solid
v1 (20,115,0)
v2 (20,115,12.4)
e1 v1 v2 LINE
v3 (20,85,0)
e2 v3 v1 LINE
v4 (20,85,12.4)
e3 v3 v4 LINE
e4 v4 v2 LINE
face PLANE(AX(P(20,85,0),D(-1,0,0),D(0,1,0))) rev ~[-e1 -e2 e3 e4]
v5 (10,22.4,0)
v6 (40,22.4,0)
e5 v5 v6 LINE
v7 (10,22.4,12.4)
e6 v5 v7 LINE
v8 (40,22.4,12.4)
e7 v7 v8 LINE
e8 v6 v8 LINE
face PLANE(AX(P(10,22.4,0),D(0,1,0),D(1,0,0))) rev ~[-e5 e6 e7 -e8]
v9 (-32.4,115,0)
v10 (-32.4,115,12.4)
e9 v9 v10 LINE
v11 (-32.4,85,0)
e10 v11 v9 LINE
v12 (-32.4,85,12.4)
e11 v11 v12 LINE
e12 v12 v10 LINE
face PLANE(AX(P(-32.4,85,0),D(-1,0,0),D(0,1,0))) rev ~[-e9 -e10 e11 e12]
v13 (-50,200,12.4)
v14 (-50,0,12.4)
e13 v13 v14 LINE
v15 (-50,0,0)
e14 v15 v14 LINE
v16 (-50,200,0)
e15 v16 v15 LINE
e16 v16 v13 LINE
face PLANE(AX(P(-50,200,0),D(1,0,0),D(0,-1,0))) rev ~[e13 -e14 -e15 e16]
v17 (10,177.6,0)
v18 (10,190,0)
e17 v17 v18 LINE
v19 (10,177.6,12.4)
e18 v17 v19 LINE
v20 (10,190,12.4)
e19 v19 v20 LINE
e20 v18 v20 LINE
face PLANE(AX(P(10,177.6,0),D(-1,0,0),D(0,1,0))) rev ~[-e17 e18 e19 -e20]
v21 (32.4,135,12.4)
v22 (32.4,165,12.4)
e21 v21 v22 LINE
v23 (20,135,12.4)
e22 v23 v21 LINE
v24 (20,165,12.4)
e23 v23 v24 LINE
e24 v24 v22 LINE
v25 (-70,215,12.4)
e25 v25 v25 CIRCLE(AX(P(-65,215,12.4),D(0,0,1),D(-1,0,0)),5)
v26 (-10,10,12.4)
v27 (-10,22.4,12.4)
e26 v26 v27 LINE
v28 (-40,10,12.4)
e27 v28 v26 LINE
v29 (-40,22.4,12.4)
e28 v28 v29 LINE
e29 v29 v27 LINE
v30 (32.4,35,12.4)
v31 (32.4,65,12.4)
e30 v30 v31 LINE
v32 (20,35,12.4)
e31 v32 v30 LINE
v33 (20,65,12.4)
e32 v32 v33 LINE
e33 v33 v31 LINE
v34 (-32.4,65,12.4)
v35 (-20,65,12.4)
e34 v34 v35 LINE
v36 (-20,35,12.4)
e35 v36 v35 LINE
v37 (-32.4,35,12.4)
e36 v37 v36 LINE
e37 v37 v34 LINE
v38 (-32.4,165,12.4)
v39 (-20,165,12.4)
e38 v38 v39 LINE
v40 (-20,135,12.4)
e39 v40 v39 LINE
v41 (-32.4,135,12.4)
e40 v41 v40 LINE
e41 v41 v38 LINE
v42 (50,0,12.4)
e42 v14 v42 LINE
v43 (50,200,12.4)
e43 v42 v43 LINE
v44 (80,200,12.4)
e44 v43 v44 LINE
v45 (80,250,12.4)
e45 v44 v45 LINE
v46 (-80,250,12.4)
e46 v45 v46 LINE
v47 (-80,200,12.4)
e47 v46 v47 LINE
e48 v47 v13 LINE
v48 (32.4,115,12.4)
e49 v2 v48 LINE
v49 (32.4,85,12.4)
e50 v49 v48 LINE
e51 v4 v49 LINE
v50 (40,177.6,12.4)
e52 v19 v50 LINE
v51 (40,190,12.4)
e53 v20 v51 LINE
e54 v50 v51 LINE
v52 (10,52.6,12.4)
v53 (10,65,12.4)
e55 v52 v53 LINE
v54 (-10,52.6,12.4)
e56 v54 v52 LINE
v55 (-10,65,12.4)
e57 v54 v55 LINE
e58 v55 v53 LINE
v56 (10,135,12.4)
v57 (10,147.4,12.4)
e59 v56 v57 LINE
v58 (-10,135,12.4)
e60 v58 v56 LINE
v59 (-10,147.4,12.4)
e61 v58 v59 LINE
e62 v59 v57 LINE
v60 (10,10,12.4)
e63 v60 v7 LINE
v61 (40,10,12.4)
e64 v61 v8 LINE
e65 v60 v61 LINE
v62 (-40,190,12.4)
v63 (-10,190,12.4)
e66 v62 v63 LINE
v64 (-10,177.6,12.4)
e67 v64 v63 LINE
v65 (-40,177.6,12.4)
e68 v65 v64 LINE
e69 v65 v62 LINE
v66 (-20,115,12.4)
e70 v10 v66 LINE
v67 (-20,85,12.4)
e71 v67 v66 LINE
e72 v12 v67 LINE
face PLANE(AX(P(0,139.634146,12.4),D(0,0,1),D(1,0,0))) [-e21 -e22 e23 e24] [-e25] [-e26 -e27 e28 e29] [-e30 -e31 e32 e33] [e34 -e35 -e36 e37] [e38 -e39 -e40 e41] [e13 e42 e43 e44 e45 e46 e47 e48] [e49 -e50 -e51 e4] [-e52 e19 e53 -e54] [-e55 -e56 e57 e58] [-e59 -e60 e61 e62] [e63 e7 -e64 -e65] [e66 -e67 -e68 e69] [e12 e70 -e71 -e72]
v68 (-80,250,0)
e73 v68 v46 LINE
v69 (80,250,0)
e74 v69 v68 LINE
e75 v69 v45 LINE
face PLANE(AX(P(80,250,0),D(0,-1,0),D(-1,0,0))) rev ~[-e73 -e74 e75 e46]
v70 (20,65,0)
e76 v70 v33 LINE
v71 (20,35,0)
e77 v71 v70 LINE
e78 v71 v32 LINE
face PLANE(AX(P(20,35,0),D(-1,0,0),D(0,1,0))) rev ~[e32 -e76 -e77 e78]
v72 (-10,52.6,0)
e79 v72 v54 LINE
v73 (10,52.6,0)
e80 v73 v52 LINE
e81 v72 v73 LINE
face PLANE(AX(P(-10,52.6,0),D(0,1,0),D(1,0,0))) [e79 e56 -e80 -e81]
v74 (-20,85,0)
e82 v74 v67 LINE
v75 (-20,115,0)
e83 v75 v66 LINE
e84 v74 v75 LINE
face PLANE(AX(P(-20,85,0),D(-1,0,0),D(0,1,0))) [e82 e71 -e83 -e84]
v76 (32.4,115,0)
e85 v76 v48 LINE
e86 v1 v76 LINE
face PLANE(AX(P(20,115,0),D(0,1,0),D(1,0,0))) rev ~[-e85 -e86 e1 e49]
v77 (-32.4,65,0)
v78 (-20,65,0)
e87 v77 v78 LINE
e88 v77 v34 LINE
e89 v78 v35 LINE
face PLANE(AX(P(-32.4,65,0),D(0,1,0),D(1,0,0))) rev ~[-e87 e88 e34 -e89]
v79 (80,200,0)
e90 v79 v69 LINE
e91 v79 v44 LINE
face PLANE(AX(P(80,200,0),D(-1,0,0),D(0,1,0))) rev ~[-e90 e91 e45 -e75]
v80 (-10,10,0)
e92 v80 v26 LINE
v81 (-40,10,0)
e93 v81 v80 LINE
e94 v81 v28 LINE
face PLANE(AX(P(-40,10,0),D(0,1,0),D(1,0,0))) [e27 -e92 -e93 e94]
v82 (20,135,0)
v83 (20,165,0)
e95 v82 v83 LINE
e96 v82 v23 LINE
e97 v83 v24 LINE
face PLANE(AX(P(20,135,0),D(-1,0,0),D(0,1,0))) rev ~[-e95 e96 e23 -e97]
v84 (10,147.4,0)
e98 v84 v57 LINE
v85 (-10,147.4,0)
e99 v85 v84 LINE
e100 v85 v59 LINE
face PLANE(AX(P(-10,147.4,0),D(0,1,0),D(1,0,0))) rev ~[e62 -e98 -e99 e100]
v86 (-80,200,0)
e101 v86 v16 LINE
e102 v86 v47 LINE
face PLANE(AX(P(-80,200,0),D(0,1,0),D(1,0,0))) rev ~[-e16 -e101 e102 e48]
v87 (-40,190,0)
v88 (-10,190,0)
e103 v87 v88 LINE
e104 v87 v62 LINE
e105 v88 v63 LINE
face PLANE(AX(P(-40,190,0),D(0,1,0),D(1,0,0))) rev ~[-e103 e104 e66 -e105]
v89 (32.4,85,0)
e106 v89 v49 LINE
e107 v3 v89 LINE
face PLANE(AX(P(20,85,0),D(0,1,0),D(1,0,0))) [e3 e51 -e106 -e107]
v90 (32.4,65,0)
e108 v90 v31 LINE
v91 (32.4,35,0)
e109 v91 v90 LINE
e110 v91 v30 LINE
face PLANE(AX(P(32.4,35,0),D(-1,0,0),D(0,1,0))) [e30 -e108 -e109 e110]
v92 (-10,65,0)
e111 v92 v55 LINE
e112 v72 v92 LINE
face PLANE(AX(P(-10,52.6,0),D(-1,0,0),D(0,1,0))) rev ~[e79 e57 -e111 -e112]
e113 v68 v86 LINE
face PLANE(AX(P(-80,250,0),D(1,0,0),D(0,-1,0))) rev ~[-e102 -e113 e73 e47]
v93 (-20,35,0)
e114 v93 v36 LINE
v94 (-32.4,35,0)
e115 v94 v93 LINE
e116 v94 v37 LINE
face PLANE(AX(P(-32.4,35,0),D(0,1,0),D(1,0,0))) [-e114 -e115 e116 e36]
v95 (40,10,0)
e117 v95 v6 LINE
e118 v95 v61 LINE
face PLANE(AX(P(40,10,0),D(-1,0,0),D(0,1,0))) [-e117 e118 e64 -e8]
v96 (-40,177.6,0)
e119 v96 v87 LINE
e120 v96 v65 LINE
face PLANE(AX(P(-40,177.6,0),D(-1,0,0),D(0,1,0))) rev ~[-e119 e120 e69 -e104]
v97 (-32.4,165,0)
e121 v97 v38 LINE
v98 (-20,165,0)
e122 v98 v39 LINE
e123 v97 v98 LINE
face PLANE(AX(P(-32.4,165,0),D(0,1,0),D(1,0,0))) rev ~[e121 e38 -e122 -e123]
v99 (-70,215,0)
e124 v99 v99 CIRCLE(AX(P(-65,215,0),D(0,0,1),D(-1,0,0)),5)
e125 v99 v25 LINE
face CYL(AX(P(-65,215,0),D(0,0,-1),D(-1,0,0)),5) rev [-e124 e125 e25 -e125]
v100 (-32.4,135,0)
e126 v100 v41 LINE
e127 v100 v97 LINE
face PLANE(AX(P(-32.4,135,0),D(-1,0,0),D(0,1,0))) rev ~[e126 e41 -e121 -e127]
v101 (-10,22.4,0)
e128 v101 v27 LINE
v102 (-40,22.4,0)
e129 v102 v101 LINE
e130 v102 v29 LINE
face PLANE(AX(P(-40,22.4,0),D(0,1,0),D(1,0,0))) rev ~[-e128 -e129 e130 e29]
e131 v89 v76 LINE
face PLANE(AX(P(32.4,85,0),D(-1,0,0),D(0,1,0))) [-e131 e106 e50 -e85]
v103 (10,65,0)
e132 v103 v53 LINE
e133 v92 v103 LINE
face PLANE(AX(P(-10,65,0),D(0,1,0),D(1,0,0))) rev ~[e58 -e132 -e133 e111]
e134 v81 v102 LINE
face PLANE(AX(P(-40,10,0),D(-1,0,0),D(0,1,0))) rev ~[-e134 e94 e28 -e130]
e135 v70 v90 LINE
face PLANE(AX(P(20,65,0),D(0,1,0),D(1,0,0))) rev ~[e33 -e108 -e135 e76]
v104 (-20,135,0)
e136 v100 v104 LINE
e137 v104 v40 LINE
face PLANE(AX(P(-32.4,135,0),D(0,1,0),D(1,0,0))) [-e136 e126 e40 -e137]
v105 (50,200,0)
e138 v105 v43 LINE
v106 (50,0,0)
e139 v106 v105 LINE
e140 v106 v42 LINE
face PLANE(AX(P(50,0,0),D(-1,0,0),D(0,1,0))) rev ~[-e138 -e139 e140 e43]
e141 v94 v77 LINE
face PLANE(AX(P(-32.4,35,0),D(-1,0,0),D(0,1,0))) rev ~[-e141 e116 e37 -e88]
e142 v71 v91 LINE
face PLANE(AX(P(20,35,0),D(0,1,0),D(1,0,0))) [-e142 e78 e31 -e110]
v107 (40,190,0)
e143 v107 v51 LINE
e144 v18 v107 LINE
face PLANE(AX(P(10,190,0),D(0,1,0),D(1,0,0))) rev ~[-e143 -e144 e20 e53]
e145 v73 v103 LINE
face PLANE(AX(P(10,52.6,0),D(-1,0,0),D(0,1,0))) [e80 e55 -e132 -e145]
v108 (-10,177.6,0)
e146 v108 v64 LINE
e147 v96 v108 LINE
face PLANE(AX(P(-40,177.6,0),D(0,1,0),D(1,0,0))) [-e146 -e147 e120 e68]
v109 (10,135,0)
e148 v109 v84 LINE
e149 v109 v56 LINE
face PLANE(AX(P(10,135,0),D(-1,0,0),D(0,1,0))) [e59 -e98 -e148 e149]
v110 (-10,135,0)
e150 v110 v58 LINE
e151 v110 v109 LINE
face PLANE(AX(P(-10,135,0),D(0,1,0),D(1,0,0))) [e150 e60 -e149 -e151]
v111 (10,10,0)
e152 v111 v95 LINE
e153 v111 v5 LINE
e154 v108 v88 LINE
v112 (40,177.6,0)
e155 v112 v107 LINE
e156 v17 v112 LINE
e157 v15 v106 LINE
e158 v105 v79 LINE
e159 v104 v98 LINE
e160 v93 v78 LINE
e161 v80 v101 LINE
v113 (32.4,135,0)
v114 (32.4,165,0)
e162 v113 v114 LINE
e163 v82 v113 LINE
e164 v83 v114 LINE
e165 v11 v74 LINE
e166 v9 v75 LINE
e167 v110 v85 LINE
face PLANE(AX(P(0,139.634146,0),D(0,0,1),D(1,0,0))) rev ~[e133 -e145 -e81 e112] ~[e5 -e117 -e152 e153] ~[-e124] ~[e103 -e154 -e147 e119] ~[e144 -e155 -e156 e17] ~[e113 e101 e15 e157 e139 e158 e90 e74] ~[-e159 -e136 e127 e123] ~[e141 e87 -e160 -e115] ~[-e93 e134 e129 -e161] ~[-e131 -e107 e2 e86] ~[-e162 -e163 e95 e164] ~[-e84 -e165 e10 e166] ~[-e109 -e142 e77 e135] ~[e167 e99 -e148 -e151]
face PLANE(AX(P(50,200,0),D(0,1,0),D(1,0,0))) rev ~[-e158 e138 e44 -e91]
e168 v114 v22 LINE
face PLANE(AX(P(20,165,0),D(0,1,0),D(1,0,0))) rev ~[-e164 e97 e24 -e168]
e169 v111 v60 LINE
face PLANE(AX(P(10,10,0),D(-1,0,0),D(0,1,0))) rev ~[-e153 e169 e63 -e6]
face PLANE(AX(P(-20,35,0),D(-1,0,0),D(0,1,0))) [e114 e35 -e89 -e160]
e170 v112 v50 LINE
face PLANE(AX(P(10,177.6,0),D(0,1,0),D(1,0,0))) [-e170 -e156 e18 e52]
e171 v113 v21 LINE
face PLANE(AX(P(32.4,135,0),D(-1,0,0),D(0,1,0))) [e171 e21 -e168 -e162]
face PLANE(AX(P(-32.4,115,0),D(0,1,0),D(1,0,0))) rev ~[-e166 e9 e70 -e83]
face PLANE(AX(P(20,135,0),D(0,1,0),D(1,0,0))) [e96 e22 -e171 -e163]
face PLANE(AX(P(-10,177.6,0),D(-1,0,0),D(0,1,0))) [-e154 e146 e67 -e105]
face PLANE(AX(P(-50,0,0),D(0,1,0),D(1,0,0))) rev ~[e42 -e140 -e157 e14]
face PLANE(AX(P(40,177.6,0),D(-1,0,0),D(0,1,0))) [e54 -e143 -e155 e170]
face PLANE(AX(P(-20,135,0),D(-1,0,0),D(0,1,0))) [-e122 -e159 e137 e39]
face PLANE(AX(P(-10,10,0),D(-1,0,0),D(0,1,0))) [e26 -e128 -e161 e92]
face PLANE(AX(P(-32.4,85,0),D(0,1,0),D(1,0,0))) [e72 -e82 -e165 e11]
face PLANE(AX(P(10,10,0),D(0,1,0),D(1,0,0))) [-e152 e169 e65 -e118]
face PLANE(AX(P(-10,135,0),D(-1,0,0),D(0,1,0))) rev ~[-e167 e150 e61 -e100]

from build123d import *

# Parameters (mm, degrees)
MODEL_R             = 5
MODEL_W             = 12.4
MODEL_H             = 30
MODEL_W_2           = 20
MODEL_H_2           = 12.4
MODEL_W_3           = 30
BOSS_EXTRUDE1_DEPTH = 12.4


with BuildPart() as part:
    # Model → Boss-Extrude1 (new body)
    with BuildSketch(Plane.XY):
        Polygon((50, 200), (80, 200), (80, 250), (-80, 250), (-80, 200), (-50, 200), (-50, 0), (50, 0), align=None)
        with Locations(Location((-65, 215, 0), (0, 0, 180))):
            Circle(MODEL_R, mode=Mode.SUBTRACT)
        with Locations((-26.2, 150)):
            Rectangle(MODEL_W, MODEL_H, mode=Mode.SUBTRACT)
        with Locations((-26.2, 100)):
            Rectangle(MODEL_W, MODEL_H, mode=Mode.SUBTRACT)
        with Locations((-26.2, 50)):
            Rectangle(MODEL_W, MODEL_H, mode=Mode.SUBTRACT)
        with Locations((26.2, 50)):
            Rectangle(MODEL_W, MODEL_H, mode=Mode.SUBTRACT)
        with Locations((26.2, 150)):
            Rectangle(MODEL_W, MODEL_H, mode=Mode.SUBTRACT)
        with Locations((26.2, 100)):
            Rectangle(MODEL_W, MODEL_H, mode=Mode.SUBTRACT)
        with Locations((0, 141.2)):
            Rectangle(MODEL_W_2, MODEL_H_2, mode=Mode.SUBTRACT)
        with Locations((0, 58.8)):
            Rectangle(MODEL_W_2, MODEL_H_2, mode=Mode.SUBTRACT)
        with Locations((25, 16.2)):
            Rectangle(MODEL_W_3, MODEL_H_2, mode=Mode.SUBTRACT)
        with Locations((-25, 16.2)):
            Rectangle(MODEL_W_3, MODEL_H_2, mode=Mode.SUBTRACT)
        with Locations((25, 183.8)):
            Rectangle(MODEL_W_3, MODEL_H_2, mode=Mode.SUBTRACT)
        with Locations((-25, 183.8)):
            Rectangle(MODEL_W_3, MODEL_H_2, mode=Mode.SUBTRACT)
    extrude(amount=BOSS_EXTRUDE1_DEPTH)


solid = part.part
